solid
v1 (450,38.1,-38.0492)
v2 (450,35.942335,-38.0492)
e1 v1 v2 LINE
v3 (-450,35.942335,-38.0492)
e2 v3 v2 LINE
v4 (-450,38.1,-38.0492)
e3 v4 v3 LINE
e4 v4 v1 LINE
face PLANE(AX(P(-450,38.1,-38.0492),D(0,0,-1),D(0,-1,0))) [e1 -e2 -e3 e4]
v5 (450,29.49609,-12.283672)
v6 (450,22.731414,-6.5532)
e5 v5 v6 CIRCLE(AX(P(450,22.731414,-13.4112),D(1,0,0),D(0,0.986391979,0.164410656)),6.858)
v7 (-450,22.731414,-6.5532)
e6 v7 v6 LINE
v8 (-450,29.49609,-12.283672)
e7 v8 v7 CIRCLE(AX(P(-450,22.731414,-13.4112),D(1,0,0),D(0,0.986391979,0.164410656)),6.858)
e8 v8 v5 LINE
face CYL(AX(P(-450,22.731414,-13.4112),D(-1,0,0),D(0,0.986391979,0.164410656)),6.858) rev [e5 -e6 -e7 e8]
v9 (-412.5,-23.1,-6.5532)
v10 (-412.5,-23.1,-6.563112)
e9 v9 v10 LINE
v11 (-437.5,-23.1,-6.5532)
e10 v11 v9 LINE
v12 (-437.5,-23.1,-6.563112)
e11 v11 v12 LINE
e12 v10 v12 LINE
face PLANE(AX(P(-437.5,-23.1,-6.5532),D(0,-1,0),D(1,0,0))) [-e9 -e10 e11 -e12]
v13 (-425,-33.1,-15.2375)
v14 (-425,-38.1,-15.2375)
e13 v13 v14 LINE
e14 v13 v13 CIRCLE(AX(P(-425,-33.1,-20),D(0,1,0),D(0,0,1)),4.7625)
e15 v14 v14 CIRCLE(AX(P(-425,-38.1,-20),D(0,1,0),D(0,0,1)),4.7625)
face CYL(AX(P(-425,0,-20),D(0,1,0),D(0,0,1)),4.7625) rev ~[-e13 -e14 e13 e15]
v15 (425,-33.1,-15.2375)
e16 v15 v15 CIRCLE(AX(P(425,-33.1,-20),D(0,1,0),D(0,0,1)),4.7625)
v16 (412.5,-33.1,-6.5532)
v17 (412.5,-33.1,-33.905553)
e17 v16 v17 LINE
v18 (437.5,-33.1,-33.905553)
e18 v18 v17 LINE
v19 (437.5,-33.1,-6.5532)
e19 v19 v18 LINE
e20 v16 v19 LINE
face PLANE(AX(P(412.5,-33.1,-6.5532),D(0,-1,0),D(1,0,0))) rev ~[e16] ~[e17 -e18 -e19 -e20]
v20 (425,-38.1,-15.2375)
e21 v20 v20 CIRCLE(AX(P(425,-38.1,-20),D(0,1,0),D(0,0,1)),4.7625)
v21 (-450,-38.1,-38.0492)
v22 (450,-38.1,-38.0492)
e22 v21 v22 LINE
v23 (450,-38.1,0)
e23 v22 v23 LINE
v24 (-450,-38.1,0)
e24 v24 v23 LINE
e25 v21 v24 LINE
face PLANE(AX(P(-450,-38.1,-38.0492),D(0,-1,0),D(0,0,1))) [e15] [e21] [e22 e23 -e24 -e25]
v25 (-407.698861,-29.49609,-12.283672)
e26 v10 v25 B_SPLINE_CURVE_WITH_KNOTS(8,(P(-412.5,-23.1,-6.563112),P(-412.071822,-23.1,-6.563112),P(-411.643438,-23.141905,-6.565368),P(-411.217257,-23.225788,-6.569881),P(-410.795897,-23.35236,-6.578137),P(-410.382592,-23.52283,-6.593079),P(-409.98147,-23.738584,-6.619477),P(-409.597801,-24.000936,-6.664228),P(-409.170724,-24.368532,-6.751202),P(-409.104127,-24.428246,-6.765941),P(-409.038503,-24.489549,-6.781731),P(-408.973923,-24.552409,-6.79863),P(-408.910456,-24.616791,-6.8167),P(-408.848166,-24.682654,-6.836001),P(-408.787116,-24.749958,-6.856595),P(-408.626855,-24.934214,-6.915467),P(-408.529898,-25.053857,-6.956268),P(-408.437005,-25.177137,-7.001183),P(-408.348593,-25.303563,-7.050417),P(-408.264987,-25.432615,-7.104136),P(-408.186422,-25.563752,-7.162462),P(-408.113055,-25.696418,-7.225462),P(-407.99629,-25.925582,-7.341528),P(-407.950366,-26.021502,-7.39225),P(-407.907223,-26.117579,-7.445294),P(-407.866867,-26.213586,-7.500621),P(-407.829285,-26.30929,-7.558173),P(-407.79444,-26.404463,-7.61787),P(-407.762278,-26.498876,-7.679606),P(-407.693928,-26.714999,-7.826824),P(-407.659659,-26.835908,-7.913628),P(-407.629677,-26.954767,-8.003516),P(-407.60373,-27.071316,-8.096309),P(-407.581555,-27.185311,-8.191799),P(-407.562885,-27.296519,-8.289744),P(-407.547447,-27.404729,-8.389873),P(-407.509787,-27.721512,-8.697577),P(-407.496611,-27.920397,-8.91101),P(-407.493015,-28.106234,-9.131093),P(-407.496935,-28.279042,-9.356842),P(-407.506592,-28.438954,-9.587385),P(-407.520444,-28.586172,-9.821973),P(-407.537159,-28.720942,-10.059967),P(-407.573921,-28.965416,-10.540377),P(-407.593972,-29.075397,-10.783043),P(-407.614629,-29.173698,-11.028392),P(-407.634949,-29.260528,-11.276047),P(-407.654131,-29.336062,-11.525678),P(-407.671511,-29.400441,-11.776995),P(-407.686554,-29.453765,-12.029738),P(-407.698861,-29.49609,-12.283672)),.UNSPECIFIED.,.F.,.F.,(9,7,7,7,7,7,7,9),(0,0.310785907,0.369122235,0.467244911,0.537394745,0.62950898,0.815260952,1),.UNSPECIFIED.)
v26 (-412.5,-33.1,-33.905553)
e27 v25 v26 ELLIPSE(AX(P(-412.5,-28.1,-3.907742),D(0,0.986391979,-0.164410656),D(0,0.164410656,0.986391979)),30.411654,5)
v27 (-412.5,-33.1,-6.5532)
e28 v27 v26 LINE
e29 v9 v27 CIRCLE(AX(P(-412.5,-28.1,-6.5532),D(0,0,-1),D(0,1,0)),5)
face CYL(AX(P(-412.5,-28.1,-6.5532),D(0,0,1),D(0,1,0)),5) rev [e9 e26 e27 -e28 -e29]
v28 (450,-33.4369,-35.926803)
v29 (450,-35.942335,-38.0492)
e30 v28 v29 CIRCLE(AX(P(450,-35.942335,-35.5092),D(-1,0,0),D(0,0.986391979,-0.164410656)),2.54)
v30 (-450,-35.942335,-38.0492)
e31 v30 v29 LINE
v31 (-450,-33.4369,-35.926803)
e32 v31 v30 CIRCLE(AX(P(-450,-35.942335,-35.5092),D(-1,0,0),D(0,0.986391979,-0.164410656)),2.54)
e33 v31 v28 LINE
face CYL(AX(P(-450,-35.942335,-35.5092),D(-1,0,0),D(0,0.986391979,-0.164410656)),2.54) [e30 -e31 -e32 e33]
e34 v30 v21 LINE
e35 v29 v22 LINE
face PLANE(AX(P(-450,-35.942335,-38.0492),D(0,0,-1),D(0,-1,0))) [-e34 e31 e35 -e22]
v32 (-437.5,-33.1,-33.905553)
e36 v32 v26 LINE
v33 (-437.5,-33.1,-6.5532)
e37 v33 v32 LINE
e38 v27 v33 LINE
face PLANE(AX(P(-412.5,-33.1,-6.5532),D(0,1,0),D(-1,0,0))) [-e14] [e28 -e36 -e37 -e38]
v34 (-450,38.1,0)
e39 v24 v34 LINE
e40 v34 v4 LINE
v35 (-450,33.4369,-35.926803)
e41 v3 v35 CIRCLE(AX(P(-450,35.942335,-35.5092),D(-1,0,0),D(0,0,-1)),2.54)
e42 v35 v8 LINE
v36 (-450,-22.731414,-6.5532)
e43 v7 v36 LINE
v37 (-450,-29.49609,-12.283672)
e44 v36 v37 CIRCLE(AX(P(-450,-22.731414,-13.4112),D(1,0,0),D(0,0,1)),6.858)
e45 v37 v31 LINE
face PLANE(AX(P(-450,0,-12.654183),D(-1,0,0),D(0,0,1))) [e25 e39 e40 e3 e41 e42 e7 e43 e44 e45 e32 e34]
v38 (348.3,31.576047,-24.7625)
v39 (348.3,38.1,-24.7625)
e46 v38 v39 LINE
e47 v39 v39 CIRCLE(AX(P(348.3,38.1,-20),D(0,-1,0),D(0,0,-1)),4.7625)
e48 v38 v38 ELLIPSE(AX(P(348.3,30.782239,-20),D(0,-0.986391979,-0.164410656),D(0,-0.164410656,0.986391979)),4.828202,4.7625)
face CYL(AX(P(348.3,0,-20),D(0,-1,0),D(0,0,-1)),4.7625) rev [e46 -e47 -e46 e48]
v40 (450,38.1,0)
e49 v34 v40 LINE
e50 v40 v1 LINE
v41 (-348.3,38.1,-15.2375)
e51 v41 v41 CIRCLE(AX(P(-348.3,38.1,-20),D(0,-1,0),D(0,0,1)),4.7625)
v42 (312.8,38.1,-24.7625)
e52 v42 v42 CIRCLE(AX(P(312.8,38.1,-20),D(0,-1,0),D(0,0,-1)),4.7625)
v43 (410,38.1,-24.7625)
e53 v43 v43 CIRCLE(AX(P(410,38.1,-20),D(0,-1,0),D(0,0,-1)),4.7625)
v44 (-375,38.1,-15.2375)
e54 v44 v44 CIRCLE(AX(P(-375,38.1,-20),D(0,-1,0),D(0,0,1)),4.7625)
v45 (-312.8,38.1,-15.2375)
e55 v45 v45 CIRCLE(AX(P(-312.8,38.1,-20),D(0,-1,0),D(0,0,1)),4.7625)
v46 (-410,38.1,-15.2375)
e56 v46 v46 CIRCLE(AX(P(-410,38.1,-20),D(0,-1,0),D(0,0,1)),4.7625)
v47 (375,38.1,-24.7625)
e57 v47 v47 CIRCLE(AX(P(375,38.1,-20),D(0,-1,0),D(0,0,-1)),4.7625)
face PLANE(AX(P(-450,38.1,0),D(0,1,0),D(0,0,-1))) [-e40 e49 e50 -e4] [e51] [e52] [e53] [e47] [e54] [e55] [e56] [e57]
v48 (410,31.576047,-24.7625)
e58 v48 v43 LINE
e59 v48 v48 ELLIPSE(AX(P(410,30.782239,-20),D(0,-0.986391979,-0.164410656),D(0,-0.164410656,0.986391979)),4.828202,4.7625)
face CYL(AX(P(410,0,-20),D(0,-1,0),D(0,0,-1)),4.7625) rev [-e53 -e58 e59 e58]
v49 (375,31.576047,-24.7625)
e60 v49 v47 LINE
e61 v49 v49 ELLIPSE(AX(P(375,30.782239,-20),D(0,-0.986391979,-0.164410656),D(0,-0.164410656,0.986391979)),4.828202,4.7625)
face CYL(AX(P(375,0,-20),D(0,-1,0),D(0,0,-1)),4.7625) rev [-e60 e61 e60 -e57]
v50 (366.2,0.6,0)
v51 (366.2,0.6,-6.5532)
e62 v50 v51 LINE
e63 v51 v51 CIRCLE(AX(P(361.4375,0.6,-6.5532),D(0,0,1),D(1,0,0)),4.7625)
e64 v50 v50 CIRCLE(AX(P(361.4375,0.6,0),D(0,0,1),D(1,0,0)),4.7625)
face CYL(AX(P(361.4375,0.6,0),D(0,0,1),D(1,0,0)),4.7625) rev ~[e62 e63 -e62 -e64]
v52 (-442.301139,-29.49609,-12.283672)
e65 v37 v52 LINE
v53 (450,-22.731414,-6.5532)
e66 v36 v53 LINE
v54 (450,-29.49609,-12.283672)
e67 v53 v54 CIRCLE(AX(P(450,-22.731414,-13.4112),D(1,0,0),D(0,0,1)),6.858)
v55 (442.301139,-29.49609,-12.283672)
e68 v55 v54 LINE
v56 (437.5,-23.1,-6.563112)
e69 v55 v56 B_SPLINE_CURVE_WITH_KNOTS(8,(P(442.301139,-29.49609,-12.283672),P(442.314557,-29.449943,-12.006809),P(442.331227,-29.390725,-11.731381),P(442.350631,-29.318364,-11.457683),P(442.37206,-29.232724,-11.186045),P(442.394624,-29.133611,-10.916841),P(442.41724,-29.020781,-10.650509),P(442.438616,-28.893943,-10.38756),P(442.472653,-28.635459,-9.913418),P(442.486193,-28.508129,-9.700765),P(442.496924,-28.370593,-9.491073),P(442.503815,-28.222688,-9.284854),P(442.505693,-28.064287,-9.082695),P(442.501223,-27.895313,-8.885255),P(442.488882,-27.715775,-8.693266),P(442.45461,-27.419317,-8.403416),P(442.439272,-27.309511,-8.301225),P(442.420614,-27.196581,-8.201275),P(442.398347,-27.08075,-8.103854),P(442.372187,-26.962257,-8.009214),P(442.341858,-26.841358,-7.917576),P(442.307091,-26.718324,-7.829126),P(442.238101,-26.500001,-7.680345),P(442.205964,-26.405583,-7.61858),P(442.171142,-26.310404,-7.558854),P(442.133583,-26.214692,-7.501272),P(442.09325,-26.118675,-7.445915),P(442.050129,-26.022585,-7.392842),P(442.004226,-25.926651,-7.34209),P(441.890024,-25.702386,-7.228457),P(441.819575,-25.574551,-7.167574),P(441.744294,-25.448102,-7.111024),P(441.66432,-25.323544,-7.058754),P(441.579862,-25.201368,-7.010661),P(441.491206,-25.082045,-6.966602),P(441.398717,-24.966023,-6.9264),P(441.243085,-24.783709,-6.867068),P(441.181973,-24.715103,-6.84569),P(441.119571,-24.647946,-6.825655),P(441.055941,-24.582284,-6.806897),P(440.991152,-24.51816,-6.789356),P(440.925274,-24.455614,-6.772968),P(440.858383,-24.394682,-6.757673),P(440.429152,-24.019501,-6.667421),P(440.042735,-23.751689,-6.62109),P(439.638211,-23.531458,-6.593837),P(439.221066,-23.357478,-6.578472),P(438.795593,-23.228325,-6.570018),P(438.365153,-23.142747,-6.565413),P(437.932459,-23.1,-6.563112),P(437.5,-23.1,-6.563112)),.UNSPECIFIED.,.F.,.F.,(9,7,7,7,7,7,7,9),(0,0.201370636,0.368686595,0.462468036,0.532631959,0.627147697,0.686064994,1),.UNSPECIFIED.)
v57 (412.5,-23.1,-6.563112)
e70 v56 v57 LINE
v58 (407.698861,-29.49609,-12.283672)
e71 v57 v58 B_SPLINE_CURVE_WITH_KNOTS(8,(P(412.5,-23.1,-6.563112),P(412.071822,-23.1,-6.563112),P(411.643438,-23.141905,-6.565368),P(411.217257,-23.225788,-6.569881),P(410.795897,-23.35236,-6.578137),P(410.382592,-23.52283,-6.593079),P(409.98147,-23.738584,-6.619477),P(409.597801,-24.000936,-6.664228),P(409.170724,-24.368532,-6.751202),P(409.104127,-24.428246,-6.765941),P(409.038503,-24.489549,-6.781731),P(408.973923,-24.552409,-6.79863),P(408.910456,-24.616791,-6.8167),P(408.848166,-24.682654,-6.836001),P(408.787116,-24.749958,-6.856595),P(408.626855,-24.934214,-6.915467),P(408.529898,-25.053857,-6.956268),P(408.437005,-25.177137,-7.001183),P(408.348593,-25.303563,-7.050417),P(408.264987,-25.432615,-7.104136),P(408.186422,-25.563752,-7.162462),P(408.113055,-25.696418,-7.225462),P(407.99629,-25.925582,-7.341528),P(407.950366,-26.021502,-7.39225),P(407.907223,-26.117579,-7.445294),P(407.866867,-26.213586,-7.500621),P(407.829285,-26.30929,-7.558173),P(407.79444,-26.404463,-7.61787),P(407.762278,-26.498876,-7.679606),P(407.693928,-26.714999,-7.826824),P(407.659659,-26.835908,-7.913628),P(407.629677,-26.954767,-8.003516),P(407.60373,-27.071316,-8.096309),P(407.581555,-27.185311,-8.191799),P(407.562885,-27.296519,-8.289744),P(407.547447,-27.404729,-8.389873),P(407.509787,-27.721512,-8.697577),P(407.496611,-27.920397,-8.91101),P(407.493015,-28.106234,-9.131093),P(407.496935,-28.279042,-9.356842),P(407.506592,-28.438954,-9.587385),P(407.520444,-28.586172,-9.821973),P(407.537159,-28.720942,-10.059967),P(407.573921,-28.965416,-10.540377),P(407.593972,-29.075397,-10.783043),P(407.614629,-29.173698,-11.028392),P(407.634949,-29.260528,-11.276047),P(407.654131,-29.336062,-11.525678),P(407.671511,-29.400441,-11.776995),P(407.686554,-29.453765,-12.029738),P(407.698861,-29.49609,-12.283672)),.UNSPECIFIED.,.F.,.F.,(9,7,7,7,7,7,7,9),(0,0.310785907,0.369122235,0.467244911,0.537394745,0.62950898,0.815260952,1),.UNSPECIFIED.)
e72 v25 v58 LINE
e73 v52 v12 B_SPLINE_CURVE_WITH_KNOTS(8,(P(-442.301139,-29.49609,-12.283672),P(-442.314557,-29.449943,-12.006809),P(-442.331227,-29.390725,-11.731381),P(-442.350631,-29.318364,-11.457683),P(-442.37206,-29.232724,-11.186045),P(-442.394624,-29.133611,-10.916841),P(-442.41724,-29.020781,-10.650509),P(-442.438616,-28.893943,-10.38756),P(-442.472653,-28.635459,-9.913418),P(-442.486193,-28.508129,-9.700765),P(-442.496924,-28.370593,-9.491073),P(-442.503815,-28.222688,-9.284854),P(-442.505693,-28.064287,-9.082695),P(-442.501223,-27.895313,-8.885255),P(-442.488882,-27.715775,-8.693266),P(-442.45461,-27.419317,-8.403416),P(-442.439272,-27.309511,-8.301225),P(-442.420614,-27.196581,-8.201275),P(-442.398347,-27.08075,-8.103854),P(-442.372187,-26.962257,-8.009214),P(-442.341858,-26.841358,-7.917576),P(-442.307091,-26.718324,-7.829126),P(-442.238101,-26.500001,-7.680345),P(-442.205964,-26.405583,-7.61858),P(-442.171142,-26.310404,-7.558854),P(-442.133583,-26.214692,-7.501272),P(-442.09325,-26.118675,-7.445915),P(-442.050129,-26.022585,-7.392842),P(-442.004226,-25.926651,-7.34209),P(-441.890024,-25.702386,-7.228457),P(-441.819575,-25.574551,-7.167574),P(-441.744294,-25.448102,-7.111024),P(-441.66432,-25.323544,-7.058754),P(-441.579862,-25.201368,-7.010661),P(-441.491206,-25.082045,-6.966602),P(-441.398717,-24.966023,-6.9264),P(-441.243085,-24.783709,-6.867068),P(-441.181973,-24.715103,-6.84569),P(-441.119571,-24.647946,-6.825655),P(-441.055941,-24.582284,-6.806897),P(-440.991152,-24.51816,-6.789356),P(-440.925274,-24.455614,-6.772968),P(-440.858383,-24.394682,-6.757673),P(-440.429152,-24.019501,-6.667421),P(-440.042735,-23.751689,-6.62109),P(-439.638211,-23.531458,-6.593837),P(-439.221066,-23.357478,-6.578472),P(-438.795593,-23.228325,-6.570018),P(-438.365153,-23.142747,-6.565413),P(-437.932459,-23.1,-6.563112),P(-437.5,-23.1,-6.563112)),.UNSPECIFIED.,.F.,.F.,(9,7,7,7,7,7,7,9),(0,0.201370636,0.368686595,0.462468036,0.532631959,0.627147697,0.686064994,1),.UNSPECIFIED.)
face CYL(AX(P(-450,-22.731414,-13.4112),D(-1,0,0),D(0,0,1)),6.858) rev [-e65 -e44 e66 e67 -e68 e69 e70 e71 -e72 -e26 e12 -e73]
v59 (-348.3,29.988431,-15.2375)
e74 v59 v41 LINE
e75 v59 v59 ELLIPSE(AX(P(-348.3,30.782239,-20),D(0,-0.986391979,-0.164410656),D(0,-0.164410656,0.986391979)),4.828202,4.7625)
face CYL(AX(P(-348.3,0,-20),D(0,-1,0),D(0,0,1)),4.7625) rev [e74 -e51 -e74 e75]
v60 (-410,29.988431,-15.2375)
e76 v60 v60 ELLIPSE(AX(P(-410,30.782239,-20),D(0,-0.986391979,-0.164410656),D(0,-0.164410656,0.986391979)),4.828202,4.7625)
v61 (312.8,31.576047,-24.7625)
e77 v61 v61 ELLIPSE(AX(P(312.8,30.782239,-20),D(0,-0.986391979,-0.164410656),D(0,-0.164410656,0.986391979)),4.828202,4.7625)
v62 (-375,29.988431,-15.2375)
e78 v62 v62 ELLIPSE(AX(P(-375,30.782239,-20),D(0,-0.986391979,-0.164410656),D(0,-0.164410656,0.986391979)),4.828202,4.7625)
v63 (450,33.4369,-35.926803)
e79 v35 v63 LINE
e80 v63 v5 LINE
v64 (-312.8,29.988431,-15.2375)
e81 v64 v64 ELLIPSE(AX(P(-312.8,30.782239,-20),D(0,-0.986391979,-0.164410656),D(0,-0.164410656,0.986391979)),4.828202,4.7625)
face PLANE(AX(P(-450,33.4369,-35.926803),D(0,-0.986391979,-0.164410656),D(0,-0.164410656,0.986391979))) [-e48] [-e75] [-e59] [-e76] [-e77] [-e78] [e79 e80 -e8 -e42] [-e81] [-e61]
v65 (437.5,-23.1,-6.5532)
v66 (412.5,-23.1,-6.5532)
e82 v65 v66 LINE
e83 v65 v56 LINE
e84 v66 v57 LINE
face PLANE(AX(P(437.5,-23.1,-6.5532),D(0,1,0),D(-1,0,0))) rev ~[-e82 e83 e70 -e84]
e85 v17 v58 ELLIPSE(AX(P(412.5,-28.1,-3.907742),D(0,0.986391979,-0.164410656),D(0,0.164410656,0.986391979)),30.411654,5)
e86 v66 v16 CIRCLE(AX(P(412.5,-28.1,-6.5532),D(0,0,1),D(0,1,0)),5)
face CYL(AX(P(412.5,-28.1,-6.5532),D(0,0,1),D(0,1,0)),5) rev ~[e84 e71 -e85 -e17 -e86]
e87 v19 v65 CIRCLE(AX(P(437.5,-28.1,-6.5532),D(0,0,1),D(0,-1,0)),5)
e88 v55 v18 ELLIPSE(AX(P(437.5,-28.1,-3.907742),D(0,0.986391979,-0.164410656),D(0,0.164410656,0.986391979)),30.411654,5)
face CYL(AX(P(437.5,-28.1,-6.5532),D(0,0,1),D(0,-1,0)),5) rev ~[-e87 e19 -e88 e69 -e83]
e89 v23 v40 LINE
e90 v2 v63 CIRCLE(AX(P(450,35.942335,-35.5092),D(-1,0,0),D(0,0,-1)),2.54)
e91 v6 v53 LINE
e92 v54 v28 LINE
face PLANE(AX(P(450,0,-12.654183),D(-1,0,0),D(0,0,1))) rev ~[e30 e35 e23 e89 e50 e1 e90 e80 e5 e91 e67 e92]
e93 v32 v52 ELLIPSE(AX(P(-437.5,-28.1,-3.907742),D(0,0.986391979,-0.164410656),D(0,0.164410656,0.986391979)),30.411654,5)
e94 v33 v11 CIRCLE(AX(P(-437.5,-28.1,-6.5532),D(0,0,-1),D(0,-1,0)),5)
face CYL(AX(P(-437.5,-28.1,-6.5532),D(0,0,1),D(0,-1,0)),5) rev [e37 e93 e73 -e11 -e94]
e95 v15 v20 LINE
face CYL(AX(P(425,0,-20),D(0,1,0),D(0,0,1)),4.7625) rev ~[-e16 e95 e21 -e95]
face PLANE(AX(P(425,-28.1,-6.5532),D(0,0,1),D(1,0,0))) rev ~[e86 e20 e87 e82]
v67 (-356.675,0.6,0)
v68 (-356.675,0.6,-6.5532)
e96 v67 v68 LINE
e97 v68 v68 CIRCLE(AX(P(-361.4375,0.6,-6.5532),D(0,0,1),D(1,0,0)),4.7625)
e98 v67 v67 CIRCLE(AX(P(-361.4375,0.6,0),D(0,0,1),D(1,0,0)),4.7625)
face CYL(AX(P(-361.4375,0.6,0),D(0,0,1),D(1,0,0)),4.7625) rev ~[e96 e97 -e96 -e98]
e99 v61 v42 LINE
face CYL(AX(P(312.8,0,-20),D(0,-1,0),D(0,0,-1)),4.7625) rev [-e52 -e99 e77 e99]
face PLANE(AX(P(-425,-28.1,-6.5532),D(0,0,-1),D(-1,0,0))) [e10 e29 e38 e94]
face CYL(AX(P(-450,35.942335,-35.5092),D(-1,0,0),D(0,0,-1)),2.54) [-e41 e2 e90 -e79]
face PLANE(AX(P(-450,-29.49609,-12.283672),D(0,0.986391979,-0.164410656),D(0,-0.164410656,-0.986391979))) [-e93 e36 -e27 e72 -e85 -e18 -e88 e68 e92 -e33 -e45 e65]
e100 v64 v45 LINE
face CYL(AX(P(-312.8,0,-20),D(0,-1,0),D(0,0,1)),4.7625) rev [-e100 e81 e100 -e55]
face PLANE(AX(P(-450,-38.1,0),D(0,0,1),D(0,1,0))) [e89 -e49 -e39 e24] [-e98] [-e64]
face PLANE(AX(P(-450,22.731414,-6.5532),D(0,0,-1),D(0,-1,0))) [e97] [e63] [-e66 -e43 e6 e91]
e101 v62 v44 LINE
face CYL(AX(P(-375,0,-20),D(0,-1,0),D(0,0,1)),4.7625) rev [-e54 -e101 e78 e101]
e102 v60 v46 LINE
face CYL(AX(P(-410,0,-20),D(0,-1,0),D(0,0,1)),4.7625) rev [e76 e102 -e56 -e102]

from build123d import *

# Parameters (mm, degrees)
STRUCTURAL_MEMBER1_DEPTH = 900
SKETCH12_R               = 4.7625
CUT_EXTRUDE1_DEPTH       = 454.210052427
CUT_EXTRUDE2_DEPTH       = 40
SKETCH16_R               = 4.7625
CUT_EXTRUDE3_DEPTH       = 454.210052526
SKETCH17_R               = 4.7625
CUT_EXTRUDE4_DEPTH       = 454.210052526


with BuildPart() as part:
    # Sketch11 → Structural Member1 (new body)
    with BuildSketch(Plane(origin=(-450, 0, 0), x_dir=(0, 0, -1), z_dir=(1, 0, 0))):
        with BuildLine():
            Line((0, -38.1), (0, 38.1))
            Line((0, 38.1), (38.0492, 38.1))
            Line((38.0492, 38.1), (38.0492, 35.942335136))
            ThreePointArc((38.0492, 35.942335136), (37.447280466, 34.300554363), (35.926803066, 33.436899509))
            Line((35.926803066, 33.436899509), (12.283671721, 29.496090157))
            ThreePointArc((12.283671721, 29.496090157), (8.178382741, 27.164222052), (6.5532, 22.731413966))
            Line((6.5532, 22.731413966), (6.5532, -22.731413966))
            ThreePointArc((6.5532, -22.731413966), (8.178382741, -27.164222052), (12.283671721, -29.496090157))
            Line((12.283671721, -29.496090157), (35.926803066, -33.436899509))
            ThreePointArc((35.926803066, -33.436899509), (37.447280466, -34.300554363), (38.0492, -35.942335136))
            Line((38.0492, -35.942335136), (38.0492, -38.1))
            Line((38.0492, -38.1), (0, -38.1))
        make_face()
    extrude(amount=STRUCTURAL_MEMBER1_DEPTH)

    # Sketch12 → Cut-Extrude1 (cut, through all)
    with BuildSketch(Plane(origin=(0, 0, 0), x_dir=(1, 0, 0), z_dir=(0, 1, 0))):
        with Locations(Location((-425, 20, 0), (0, 0, 270))):
            Circle(SKETCH12_R)
        with Locations(Location((425, 20, 0), (0, 0, 270))):
            Circle(SKETCH12_R)
    extrude(amount=-CUT_EXTRUDE1_DEPTH, mode=Mode.SUBTRACT)

    # Sketch15 → Cut-Extrude2 (cut)
    with BuildSketch(Plane(origin=(0, 0, -6.5532), x_dir=(-1, 0, 0), z_dir=(0, 0, -1))):
        with BuildLine():
            Line((-412.5, -33.1), (-437.5, -33.1))
            ThreePointArc((-437.5, -33.1), (-442.5, -28.1), (-437.5, -23.1))
            Line((-437.5, -23.1), (-412.5, -23.1))
            ThreePointArc((-412.5, -23.1), (-407.5, -28.1), (-412.5, -33.1))
        make_face()
        with BuildLine():
            Line((412.5, -33.1), (437.5, -33.1))
            ThreePointArc((437.5, -33.1), (442.5, -28.1), (437.5, -23.1))
            Line((437.5, -23.1), (412.5, -23.1))
            ThreePointArc((412.5, -23.1), (407.5, -28.1), (412.5, -33.1))
        make_face()
    extrude(amount=CUT_EXTRUDE2_DEPTH, mode=Mode.SUBTRACT)

    # Sketch16 → Cut-Extrude3 (cut, through all)
    with BuildSketch(Plane(origin=(0, 0, 0), x_dir=(1, 0, 0), z_dir=(0, 1, 0))):
        with Locations(Location((-348.3, 20, 0), (0, 0, 270))):
            Circle(SKETCH16_R)
        with Locations(Location((-312.8, 20, 0), (0, 0, 270))):
            Circle(SKETCH16_R)
        with Locations(Location((312.8, 20, 0), (0, 0, 90))):
            Circle(SKETCH16_R)
        with Locations(Location((348.3, 20, 0), (0, 0, 90))):
            Circle(SKETCH16_R)
        with Locations(Location((-375, 20, 0), (0, 0, 270))):
            Circle(SKETCH16_R)
        with Locations(Location((-410, 20, 0), (0, 0, 270))):
            Circle(SKETCH16_R)
        with Locations(Location((375, 20, 0), (0, 0, 90))):
            Circle(SKETCH16_R)
        with Locations(Location((410, 20, 0), (0, 0, 90))):
            Circle(SKETCH16_R)
    extrude(amount=CUT_EXTRUDE3_DEPTH, mode=Mode.SUBTRACT)

    # Sketch17 → Cut-Extrude4 (cut, through all)
    with BuildSketch(Plane.XY):
        with Locations((-361.4375, 0.6)):
            Circle(SKETCH17_R)
        with Locations((361.4375, 0.6)):
            Circle(SKETCH17_R)
    extrude(amount=-CUT_EXTRUDE4_DEPTH, mode=Mode.SUBTRACT)


solid = part.part
